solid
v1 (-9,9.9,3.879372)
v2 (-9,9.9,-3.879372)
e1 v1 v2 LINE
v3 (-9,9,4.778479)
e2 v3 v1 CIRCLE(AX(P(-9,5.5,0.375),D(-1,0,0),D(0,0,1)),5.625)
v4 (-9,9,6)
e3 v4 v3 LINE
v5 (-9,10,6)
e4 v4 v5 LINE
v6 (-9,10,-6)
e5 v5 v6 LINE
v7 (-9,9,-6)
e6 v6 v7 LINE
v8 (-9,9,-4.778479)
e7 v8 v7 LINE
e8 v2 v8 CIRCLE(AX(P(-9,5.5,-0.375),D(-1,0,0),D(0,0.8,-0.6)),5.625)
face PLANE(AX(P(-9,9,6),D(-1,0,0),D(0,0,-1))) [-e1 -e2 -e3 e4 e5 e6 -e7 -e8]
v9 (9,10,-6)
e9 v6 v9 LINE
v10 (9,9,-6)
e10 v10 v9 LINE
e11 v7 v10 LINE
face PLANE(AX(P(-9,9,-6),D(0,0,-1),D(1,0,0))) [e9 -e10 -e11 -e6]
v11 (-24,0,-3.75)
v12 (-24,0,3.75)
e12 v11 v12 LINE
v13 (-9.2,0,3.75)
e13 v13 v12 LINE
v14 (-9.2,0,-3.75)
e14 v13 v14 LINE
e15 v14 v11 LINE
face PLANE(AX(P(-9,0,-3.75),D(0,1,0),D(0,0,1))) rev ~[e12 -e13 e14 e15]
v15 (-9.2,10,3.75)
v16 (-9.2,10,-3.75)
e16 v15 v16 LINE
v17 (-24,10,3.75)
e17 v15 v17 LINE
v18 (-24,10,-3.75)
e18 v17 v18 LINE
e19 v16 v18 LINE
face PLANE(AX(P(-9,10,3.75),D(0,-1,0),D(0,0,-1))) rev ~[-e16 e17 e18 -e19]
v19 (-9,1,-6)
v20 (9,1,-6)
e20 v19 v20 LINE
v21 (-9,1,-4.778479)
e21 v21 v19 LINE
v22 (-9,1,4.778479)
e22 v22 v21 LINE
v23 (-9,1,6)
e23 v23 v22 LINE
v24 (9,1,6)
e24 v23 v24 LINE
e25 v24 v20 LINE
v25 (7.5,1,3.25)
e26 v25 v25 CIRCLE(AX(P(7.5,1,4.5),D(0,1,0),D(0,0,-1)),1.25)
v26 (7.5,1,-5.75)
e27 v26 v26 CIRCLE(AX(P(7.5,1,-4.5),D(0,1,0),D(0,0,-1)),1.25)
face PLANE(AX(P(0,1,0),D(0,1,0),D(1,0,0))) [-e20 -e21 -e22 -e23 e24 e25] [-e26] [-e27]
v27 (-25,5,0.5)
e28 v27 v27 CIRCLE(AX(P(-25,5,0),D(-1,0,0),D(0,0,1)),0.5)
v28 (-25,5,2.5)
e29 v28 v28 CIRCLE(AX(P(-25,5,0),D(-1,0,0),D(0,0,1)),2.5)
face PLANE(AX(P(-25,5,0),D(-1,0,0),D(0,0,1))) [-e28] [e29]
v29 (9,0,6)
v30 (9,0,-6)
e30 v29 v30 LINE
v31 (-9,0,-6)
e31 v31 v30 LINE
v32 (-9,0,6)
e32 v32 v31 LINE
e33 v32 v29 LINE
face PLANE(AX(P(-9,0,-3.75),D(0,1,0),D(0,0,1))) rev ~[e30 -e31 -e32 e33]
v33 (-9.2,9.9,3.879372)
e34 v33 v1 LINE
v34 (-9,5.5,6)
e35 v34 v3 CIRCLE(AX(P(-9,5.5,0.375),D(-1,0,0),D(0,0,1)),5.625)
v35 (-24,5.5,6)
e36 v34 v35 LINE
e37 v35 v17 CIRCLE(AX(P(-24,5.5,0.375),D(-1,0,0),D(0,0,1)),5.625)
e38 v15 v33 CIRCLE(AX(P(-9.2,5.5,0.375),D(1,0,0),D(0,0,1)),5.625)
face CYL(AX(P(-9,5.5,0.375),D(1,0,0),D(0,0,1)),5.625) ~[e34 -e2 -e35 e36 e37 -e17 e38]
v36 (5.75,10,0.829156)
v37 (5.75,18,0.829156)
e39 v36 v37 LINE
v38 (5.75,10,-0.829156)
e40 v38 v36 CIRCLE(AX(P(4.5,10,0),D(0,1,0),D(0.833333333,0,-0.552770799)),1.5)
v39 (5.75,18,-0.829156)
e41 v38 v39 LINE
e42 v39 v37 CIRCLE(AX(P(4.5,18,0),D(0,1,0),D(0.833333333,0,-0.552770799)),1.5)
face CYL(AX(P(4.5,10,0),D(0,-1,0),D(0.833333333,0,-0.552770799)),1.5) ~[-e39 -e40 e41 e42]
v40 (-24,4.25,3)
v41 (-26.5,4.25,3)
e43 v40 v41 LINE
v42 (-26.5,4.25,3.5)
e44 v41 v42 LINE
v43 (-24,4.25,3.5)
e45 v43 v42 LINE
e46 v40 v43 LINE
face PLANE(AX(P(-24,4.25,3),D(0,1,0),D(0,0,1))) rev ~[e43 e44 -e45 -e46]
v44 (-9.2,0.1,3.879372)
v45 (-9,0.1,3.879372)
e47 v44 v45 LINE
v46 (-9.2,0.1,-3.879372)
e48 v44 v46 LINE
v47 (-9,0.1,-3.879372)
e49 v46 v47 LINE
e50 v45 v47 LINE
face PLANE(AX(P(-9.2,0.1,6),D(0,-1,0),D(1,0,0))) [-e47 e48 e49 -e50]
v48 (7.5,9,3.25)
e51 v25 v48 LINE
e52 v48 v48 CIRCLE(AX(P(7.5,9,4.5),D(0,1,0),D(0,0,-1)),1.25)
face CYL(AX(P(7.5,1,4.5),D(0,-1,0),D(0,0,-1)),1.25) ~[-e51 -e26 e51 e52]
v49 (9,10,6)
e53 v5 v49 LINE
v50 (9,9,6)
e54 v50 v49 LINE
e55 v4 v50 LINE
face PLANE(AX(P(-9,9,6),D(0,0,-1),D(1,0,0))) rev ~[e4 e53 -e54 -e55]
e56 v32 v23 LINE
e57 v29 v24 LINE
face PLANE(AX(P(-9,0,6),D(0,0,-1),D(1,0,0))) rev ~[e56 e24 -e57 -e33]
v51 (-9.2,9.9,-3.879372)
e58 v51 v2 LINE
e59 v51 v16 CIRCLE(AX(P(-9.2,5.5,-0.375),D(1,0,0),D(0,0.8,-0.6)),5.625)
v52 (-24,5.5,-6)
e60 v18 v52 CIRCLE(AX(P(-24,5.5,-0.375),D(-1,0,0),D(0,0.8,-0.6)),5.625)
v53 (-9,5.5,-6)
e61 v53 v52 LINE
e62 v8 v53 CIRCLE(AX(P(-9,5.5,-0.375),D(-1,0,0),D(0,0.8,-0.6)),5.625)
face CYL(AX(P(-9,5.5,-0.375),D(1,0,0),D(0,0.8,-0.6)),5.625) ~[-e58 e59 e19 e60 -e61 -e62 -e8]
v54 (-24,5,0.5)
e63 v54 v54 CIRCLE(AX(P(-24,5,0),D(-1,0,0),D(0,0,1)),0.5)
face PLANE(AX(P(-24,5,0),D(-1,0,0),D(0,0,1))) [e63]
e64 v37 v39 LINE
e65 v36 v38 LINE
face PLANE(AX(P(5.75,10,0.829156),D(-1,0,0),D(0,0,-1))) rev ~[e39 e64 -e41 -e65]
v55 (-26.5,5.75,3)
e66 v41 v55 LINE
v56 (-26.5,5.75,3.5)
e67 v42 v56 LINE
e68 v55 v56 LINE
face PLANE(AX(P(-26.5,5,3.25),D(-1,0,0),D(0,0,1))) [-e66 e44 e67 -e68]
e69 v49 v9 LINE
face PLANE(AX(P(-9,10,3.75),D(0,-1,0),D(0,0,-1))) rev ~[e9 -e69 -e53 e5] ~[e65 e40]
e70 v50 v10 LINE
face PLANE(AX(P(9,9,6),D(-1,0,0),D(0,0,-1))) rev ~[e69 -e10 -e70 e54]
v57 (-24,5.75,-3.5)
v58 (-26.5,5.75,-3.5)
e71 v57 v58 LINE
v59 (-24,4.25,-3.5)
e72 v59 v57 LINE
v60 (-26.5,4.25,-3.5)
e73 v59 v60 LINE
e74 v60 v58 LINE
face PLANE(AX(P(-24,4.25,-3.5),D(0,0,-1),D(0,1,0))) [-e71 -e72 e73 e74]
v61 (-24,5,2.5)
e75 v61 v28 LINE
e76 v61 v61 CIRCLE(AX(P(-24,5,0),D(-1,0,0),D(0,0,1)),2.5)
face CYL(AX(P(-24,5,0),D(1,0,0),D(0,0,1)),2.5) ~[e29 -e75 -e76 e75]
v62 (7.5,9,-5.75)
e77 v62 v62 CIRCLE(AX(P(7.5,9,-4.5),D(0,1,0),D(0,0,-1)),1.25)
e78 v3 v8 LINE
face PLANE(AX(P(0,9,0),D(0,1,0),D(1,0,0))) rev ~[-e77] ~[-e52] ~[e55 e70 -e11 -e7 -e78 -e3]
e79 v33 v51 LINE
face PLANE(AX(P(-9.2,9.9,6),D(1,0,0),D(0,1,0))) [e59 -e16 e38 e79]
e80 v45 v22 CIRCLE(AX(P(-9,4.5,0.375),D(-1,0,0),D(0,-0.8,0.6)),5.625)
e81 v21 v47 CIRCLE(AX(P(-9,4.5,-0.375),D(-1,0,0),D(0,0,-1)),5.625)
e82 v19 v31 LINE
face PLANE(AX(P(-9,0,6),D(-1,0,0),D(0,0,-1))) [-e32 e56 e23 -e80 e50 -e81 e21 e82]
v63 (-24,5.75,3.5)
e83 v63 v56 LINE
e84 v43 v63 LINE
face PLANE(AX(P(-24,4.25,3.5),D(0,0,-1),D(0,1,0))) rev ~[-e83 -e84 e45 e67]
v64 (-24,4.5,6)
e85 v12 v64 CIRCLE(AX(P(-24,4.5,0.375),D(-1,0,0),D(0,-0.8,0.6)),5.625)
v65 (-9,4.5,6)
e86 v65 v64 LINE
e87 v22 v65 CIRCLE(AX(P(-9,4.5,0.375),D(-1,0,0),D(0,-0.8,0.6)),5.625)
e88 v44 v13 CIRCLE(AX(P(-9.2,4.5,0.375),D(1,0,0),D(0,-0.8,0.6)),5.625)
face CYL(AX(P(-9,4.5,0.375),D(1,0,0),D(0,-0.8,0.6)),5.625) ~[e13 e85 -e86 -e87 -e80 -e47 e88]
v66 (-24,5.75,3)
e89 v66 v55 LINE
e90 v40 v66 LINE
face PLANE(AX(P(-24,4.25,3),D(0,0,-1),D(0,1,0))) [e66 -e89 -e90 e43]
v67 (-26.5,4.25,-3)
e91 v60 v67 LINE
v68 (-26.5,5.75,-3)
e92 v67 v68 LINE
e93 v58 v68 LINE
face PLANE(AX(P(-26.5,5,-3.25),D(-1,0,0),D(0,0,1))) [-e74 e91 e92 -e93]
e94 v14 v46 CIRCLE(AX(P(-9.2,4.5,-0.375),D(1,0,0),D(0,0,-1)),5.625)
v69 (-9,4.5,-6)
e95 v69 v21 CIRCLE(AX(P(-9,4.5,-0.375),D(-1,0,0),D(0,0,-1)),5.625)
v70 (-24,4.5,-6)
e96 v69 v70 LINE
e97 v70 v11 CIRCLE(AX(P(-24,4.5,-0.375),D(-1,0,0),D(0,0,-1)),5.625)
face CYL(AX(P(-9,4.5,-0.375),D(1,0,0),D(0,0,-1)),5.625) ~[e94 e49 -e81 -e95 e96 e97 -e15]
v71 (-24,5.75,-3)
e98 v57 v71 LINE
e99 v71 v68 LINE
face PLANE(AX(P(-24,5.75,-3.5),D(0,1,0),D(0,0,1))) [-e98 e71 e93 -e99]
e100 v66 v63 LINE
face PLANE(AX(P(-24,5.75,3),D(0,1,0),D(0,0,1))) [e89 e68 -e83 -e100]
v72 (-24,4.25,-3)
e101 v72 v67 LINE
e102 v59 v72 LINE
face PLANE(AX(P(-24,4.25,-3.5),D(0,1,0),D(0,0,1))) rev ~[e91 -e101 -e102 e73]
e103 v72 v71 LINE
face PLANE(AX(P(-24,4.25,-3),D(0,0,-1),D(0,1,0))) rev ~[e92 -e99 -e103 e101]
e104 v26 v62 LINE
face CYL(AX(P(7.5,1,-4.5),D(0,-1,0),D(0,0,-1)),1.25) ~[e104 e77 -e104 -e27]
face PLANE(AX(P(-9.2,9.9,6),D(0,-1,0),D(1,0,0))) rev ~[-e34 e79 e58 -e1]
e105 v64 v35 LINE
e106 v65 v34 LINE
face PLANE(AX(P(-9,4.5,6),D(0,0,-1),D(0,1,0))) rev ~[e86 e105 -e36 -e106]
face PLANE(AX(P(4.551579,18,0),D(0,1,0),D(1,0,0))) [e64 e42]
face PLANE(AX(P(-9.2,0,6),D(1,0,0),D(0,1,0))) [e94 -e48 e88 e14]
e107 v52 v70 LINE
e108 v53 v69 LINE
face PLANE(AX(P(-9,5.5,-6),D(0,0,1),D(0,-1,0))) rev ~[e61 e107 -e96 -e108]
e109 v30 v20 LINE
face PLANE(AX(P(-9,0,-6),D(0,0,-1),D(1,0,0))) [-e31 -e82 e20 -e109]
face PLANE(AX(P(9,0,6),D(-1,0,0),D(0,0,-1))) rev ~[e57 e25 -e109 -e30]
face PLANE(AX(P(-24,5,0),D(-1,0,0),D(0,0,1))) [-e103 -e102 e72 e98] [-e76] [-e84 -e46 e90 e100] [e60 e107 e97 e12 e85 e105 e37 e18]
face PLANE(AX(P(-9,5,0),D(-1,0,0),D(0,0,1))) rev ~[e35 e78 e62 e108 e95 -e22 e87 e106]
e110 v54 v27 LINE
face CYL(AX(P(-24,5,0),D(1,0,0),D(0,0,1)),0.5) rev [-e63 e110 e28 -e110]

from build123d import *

# Parameters (mm, degrees)
SKETCH1_W           = 18
SKETCH1_H           = 12
BOSS_EXTRUDE1_DEPTH = 1
SKETCH2_R           = 1.25
BOSS_EXTRUDE2_DEPTH = 8
SKETCH3_W           = 18
SKETCH3_H           = 12
BOSS_EXTRUDE3_DEPTH = 1
BOSS_EXTRUDE4_DEPTH = 15
SKETCH5_R           = 2.5
SKETCH5_R_2         = 0.5
BOSS_EXTRUDE5_DEPTH = 1
SKETCH6_W           = 0.5
SKETCH6_H           = 1.5
BOSS_EXTRUDE6_DEPTH = 2.5
BOSS_EXTRUDE7_DEPTH = 8
SKETCH8_W           = 0.2
SKETCH8_H           = 0.1
CUT_EXTRUDE1_DEPTH  = 35.208916966


with BuildPart() as part:
    # Sketch1 → Boss-Extrude1 (new body)
    with BuildSketch(Plane(origin=(0, 0, 0), x_dir=(1, 0, 0), z_dir=(0, 1, 0))):
        Rectangle(SKETCH1_W, SKETCH1_H)
    extrude(amount=BOSS_EXTRUDE1_DEPTH)

    # Sketch2 → Boss-Extrude2 (add)
    with BuildSketch(Plane(origin=(0, 1, 0), x_dir=(1, 0, 0), z_dir=(0, 1, 0))):
        with Locations(Location((7.5, 4.5, 0), (0, 0, 90))):
            Circle(SKETCH2_R)
        with Locations(Location((7.5, -4.5, 0), (0, 0, 90))):
            Circle(SKETCH2_R)
    extrude(amount=BOSS_EXTRUDE2_DEPTH)

    # Sketch3 → Boss-Extrude3 (add)
    with BuildSketch(Plane(origin=(0, 9, 0), x_dir=(1, 0, 0), z_dir=(0, 1, 0))):
        Rectangle(SKETCH3_W, SKETCH3_H)
    extrude(amount=BOSS_EXTRUDE3_DEPTH)

    # Sketch4 → Boss-Extrude4 (add)
    with BuildSketch(Plane.ZY.offset(9)):
        with BuildLine():
            Line((-3.75, 0), (3.75, 0))
            ThreePointArc((3.75, 0), (5.406152949, 1.984423525), (6, 4.5))
            Line((6, 4.5), (6, 5.5))
            ThreePointArc((6, 5.5), (5.406152949, 8.015576475), (3.75, 10))
            Line((3.75, 10), (-3.75, 10))
            ThreePointArc((-3.75, 10), (-5.406152949, 8.015576475), (-6, 5.5))
            Line((-6, 5.5), (-6, 4.5))
            ThreePointArc((-6, 4.5), (-5.406152949, 1.984423525), (-3.75, 0))
        make_face()
    extrude(amount=BOSS_EXTRUDE4_DEPTH)

    # Sketch5 → Boss-Extrude5 (add)
    with BuildSketch(Plane.ZY.offset(24)):
        with Locations((0, 5)):
            Circle(SKETCH5_R)
        with Locations((0, 5)):
            Circle(SKETCH5_R_2, mode=Mode.SUBTRACT)
    extrude(amount=BOSS_EXTRUDE5_DEPTH)

    # Sketch6 → Boss-Extrude6 (add)
    with BuildSketch(Plane.ZY.offset(24)):
        with Locations((-3.25, 5)):
            Rectangle(SKETCH6_W, SKETCH6_H)
        with Locations((3.25, 5)):
            Rectangle(SKETCH6_W, SKETCH6_H)
    extrude(amount=BOSS_EXTRUDE6_DEPTH)

    # Sketch7 → Boss-Extrude7 (add)
    with BuildSketch(Plane(origin=(0, 10, 0), x_dir=(1, 0, 0), z_dir=(0, 1, 0))):
        with BuildLine():
            Line((5.75, -0.829156198), (5.75, 0.829156198))
            ThreePointArc((5.75, 0.829156198), (3, 0), (5.75, -0.829156198))
        make_face()
    extrude(amount=BOSS_EXTRUDE7_DEPTH)

    # Sketch8 → Cut-Extrude1 (cut, through all)
    with BuildSketch(Plane.XY.offset(6)):
        with Locations((-9.1, 9.95)):
            Rectangle(SKETCH8_W, SKETCH8_H)
        with Locations((-9.1, 0.05)):
            Rectangle(SKETCH8_W, SKETCH8_H)
    extrude(amount=-CUT_EXTRUDE1_DEPTH, mode=Mode.SUBTRACT)


solid = part.part
